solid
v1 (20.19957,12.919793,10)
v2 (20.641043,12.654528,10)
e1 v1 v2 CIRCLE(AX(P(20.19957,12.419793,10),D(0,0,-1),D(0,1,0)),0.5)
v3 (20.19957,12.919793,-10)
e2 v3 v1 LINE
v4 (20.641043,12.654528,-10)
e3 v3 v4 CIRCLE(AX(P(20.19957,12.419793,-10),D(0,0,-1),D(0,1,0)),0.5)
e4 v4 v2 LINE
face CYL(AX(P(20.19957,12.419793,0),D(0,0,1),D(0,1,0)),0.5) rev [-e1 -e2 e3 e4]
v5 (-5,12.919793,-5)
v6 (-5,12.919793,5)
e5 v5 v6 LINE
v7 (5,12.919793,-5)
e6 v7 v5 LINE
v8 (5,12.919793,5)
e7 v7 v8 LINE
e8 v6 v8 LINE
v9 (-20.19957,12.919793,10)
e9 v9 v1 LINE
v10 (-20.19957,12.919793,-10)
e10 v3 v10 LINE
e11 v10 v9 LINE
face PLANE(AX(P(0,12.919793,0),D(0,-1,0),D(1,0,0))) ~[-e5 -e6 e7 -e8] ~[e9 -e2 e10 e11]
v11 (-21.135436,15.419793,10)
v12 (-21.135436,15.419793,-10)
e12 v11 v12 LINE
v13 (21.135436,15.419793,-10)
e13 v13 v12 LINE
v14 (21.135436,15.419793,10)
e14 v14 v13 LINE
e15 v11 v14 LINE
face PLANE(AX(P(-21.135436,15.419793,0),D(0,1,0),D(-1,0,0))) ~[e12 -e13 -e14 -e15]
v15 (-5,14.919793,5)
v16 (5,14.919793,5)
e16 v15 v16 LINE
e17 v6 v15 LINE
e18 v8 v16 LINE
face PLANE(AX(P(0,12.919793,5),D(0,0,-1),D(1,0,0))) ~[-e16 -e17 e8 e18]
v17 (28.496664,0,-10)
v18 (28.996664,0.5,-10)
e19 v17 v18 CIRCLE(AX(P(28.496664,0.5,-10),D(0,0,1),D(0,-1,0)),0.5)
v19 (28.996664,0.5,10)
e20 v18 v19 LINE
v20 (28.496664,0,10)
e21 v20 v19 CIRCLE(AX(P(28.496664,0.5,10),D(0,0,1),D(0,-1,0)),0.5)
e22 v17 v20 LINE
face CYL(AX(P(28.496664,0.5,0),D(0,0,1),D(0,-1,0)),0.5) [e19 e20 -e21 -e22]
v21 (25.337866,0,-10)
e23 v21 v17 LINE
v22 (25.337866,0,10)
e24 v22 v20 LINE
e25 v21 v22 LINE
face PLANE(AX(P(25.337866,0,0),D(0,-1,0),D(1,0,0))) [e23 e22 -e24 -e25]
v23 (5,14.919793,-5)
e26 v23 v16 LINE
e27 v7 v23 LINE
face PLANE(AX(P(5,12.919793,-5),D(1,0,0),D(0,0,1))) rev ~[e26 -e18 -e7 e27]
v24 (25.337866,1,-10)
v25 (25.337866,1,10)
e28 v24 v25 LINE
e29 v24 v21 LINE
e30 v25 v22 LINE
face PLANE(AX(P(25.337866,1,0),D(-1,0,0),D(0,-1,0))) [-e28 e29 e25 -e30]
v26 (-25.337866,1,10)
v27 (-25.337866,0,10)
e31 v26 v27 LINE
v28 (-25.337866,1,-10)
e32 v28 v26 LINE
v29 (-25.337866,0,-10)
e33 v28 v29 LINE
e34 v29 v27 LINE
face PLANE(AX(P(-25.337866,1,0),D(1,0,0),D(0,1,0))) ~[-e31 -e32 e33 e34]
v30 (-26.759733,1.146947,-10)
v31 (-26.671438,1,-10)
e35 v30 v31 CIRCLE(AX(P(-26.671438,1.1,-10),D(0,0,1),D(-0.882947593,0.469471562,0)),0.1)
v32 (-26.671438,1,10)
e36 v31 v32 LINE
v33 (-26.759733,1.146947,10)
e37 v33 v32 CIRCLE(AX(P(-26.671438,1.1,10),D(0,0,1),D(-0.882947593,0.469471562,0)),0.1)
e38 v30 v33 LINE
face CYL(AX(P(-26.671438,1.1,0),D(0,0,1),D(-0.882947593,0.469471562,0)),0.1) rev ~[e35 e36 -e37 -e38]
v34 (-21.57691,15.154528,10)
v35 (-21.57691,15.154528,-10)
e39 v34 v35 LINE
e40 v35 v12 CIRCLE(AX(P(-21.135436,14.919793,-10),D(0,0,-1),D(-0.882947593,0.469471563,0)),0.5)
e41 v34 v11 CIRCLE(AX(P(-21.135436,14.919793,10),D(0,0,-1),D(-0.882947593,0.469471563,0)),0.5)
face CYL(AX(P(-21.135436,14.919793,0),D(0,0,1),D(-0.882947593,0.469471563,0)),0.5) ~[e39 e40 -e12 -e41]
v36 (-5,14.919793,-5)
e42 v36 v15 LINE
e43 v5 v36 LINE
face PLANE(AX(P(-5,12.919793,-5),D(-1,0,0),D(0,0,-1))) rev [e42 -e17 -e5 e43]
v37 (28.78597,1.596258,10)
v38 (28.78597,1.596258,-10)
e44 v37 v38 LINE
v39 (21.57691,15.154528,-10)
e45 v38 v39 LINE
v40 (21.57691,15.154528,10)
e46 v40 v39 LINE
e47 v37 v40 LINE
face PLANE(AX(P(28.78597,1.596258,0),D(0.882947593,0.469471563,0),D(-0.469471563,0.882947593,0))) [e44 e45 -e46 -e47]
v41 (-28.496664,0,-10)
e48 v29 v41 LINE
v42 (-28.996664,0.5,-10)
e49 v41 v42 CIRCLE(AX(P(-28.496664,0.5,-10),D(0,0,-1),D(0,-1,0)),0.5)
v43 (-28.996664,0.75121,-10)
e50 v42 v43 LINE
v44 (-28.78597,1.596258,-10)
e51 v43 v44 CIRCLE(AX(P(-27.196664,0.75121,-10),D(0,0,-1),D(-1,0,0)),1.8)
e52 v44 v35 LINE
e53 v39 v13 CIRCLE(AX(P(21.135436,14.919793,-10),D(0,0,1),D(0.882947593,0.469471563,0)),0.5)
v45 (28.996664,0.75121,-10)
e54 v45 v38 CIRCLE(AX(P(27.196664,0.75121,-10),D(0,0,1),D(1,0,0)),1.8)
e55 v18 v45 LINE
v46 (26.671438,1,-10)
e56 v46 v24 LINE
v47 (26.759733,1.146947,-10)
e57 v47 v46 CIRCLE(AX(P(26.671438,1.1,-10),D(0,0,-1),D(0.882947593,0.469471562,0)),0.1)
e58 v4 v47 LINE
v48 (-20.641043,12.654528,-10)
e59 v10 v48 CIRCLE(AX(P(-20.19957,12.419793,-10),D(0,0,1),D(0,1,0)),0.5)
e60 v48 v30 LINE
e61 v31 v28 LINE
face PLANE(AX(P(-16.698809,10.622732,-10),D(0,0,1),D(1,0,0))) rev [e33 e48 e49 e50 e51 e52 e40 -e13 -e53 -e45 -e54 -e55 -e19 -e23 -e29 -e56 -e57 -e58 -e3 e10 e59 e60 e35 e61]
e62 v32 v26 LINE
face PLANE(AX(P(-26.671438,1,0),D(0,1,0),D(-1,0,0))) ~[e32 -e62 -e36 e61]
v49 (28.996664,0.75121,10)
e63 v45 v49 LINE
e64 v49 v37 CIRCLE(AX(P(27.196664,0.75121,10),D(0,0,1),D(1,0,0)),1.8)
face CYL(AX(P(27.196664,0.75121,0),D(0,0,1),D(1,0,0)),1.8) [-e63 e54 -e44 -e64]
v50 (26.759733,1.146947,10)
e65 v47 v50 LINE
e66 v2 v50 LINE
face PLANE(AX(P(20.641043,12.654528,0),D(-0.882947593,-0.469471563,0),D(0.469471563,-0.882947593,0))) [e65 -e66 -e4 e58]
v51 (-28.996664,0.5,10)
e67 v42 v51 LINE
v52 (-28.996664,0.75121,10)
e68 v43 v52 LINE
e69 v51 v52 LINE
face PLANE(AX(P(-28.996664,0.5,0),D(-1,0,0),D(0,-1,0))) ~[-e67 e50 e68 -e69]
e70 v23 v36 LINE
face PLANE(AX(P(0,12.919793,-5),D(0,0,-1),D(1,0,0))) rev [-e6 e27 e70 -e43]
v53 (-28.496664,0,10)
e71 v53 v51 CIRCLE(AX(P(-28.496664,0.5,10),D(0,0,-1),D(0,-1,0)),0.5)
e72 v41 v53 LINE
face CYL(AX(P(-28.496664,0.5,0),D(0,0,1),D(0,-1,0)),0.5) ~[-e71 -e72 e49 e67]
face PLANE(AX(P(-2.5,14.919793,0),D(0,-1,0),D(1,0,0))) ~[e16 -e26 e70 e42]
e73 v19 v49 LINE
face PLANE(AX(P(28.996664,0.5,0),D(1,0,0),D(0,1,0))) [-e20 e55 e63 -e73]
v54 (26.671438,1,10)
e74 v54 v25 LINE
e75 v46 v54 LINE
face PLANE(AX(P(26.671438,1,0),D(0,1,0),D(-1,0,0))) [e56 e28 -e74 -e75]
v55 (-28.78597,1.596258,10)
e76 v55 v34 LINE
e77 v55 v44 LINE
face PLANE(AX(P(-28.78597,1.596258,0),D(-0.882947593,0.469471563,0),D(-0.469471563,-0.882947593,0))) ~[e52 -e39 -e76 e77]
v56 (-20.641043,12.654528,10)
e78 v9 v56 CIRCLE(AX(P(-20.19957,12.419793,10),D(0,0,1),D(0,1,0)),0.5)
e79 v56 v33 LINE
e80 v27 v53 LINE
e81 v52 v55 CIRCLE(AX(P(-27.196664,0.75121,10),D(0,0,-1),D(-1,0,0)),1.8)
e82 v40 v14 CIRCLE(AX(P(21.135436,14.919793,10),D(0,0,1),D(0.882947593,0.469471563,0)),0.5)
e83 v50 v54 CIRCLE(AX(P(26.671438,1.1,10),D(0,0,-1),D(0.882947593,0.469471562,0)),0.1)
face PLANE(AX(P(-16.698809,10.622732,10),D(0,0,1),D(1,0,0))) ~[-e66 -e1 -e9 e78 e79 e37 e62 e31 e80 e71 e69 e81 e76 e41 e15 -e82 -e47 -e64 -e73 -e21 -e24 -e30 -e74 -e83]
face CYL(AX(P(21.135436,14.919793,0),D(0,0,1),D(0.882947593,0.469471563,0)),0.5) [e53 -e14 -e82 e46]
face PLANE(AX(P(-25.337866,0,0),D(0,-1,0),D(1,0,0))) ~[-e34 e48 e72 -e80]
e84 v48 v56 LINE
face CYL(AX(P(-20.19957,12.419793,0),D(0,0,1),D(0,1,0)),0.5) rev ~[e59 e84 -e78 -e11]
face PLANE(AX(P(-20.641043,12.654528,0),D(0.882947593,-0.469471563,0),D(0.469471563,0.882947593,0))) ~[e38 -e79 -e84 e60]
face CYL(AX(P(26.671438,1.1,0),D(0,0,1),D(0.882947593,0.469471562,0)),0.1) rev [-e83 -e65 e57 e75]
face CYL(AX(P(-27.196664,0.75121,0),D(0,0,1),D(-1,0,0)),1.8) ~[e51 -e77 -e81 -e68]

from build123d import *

# Parameters (mm, degrees)
F1_DEPTH = 10
F2_W     = 5
F2_H     = 10
F3_DEPTH = 2


with BuildPart() as f1:
    # F0 (on Top) → F1 (new body, symmetric)
    with BuildSketch(Plane.XY):
        with BuildLine():
            Line((21.1354362127, 15.4197925036), (0, 15.4197925036))
            Line((0, 15.4197925036), (0, 12.9197925036))
            Line((0, 12.9197925036), (20.1995696905, 12.9197925036))
            ThreePointArc((20.1995696905, 12.9197925036), (20.4570887279, 12.8483761539), (20.6410434869, 12.654528285))
            Line((20.6410434869, 12.654528285), (26.7597329087, 1.1469471563))
            ThreePointArc((26.7597329087, 1.1469471563), (26.7571548794, 1.0484961925), (26.6714381494, 1))
            Line((26.6714381494, 1), (25.3378660976, 1))
            Line((25.3378660976, 1), (25.3378660976, 0))
            Line((25.3378660976, 0), (28.4966643127, 0))
            ThreePointArc((28.4966643127, 0), (28.8502177032, 0.1464466094), (28.9966643127, 0.5))
            Line((28.9966643127, 0.5), (28.9966643127, 0.7512095949))
            ThreePointArc((28.9966643127, 0.7512095949), (28.94319662, 1.186669007), (28.7859699798, 1.5962584079))
            Line((28.7859699798, 1.5962584079), (21.5769100091, 15.154528285))
            ThreePointArc((21.5769100091, 15.154528285), (21.3929552502, 15.3483761539), (21.1354362127, 15.4197925036))
        make_face()
    extrude(amount=F1_DEPTH, both=True)

    # F2 (on face) → F3 (cut)
    with BuildSketch(Plane.XZ.offset(-12.9197925036)):
        with Locations((2.5, 0)):
            Rectangle(F2_W, F2_H)
    extrude(amount=-F3_DEPTH, mode=Mode.SUBTRACT)

    # F4: F1 across plane


with BuildPart() as f1_1:
    add(f1.part)
    add(f1.part.mirror(Plane.YZ))


solid = f1_1.part
